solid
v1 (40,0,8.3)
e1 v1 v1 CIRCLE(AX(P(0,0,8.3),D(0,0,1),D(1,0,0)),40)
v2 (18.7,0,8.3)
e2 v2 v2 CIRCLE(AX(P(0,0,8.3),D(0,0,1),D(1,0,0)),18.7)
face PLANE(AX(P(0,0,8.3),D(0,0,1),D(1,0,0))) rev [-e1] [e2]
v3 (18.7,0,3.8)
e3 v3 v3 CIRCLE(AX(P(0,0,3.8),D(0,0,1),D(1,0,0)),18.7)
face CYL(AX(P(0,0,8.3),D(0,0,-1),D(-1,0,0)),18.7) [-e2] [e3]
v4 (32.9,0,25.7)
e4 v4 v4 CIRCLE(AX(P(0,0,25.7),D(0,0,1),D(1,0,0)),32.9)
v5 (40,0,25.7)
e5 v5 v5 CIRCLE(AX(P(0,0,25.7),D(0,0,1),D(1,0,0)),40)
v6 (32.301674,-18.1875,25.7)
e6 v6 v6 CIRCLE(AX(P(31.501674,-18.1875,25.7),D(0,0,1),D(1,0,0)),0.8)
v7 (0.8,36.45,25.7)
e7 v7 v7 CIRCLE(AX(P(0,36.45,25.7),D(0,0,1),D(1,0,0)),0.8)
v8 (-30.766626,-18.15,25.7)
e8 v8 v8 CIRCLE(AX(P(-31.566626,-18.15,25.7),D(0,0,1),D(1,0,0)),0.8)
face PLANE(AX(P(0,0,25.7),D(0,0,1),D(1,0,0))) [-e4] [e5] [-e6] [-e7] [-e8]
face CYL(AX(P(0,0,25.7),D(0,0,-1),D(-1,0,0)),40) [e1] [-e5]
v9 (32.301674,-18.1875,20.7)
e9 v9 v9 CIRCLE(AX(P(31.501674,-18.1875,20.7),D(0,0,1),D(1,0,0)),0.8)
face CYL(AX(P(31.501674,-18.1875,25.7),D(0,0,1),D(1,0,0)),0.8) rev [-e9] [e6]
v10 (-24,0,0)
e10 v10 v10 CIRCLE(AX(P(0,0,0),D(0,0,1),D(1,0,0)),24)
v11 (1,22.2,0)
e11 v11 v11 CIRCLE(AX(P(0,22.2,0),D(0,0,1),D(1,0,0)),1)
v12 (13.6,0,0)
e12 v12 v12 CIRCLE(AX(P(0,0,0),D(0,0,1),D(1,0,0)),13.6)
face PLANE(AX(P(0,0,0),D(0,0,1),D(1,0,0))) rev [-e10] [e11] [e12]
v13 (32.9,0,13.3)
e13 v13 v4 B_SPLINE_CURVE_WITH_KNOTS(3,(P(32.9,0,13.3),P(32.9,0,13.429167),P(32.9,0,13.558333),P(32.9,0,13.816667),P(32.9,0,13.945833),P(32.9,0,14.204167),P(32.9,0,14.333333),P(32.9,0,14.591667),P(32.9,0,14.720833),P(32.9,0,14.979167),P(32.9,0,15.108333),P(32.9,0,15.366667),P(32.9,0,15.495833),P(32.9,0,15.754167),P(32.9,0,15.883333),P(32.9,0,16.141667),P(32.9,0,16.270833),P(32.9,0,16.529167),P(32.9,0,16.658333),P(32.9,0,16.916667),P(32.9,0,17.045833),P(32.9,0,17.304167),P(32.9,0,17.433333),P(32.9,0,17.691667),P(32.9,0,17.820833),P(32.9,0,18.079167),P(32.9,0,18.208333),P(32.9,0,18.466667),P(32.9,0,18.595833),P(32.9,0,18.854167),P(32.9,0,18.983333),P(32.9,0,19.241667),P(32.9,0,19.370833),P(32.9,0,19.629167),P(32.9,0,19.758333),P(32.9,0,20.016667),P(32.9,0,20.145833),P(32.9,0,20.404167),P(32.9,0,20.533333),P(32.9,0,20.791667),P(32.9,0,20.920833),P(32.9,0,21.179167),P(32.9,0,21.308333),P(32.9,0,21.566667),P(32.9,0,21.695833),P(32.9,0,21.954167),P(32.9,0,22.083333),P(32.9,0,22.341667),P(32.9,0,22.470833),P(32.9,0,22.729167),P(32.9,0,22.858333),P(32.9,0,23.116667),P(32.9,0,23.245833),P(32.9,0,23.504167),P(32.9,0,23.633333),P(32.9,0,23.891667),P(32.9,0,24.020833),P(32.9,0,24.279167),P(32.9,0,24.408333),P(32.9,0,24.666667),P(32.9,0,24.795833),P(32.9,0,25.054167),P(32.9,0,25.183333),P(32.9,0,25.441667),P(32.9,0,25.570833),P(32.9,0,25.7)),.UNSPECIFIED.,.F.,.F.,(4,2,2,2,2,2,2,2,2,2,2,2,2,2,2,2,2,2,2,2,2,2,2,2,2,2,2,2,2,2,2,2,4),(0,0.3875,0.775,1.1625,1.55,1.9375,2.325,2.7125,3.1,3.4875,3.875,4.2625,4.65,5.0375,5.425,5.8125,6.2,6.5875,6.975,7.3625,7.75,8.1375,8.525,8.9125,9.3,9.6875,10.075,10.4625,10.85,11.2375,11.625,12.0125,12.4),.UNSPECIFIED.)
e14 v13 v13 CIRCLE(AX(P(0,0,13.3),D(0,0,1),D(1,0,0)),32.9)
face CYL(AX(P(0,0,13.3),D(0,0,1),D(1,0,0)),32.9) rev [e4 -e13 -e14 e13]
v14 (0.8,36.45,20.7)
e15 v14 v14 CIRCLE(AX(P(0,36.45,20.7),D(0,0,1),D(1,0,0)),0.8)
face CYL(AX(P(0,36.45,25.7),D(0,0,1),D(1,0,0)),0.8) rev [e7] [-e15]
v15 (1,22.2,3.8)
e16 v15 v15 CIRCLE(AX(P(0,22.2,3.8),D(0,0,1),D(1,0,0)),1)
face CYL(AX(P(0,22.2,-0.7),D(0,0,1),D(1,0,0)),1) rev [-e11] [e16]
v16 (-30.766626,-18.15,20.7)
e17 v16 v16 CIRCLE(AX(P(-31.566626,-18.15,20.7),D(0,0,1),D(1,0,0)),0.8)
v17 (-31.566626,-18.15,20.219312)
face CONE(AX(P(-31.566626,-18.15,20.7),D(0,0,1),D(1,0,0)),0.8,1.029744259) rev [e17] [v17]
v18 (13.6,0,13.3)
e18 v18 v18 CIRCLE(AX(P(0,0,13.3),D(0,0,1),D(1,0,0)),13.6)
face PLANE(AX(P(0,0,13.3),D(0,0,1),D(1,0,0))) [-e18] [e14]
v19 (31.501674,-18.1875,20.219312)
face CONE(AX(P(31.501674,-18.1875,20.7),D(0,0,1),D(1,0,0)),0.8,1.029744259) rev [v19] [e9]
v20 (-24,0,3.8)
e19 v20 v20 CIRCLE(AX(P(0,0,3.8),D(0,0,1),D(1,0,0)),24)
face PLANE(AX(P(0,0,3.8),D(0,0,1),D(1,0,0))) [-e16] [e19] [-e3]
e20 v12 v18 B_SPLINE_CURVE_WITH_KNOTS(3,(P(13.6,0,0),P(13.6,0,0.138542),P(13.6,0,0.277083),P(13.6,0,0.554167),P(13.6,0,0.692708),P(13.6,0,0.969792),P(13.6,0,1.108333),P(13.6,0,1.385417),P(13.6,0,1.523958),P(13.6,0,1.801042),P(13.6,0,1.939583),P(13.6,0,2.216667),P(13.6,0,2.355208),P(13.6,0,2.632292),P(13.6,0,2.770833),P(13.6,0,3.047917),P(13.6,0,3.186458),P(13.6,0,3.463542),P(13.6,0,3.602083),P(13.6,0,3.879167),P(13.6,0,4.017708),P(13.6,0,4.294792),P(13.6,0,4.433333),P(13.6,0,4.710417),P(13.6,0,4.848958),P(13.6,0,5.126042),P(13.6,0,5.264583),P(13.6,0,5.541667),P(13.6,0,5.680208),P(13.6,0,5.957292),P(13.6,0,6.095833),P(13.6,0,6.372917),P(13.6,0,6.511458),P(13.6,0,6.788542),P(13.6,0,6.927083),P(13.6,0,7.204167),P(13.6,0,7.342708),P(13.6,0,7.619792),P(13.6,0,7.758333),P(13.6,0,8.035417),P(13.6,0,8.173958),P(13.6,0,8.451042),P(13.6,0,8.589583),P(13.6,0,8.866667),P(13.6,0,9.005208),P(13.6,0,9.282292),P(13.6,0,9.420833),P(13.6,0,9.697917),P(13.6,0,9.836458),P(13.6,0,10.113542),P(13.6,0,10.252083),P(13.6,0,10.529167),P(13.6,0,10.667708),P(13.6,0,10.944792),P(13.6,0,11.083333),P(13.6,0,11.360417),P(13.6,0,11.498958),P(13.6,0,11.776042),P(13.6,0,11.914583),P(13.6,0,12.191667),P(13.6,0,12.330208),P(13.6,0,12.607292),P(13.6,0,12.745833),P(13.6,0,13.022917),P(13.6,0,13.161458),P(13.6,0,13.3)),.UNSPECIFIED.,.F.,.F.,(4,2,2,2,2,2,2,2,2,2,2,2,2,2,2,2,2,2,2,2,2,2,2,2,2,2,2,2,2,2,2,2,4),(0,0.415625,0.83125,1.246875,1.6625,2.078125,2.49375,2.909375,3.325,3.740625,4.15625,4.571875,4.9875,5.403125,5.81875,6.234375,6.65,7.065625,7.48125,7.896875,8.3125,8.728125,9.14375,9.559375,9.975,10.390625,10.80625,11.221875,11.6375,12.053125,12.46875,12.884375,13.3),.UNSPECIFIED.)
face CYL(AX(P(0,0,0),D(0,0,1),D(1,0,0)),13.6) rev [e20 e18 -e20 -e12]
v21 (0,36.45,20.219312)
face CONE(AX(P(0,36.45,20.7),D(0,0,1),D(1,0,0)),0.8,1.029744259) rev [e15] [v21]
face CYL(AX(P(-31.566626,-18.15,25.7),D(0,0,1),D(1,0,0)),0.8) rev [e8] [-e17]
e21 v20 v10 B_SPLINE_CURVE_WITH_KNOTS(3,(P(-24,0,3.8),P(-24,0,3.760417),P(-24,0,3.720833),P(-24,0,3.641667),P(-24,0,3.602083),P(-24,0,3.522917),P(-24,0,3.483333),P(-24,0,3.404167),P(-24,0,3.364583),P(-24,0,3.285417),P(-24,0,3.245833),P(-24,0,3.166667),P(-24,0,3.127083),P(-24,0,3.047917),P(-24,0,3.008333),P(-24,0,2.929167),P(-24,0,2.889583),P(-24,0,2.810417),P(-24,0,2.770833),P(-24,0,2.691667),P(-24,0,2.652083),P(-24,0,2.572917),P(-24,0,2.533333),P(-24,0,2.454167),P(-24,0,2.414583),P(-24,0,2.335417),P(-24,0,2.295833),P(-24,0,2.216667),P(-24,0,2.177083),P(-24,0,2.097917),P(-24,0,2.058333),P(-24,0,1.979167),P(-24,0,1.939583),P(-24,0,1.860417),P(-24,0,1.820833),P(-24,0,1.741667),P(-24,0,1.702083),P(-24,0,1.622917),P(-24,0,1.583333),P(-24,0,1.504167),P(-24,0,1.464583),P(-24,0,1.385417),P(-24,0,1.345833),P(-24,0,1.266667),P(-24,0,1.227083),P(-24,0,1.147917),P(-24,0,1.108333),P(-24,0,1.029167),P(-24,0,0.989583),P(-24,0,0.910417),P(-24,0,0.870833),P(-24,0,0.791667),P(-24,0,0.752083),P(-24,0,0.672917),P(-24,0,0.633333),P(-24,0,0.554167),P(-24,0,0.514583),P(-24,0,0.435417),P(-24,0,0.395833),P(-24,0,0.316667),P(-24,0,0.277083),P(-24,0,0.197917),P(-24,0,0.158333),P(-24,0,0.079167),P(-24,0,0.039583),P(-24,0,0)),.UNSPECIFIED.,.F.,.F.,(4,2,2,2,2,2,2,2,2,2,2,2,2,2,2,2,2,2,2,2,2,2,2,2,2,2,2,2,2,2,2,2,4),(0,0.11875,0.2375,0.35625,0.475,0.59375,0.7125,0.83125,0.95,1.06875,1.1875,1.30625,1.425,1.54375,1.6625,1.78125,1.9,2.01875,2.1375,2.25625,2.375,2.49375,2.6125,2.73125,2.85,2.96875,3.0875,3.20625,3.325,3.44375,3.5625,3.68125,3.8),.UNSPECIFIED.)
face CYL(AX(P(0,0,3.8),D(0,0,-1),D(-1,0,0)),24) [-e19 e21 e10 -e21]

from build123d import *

# Parameters (mm, degrees)
SKETCH1_R                 = 24
BOSS_EXTRUDE1_DEPTH       = 3.8
SKETCH2_R                 = 18.7
BOSS_EXTRUDE2_DEPTH       = 4.5
SKETCH3_R                 = 1
CUT_EXTRUDE1_DEPTH        = 4.5
SKETCH4_R                 = 13.6
CUT_EXTRUDE2_DEPTH        = 35.941236383
SKETCH5_R                 = 40
BOSS_EXTRUDE3_DEPTH       = 17.4
SKETCH6_R                 = 32.9
CUT_EXTRUDE6_DEPTH        = 12.4
CUT_EXTRUDE7_START        = -12.4
SKETCH7_R                 = 13.6
CUT_EXTRUDE7_DEPTH        = 12.4
M2X0_4_TAPPED_HOLE1_D     = 1.6
M2X0_4_TAPPED_HOLE1_DEPTH = 5
M2X0_4_TAPPED_HOLE1_TIP   = 0.480688495


with BuildPart() as part:
    # Sketch1 → Boss-Extrude1 (new body)
    with BuildSketch(Plane.XY):
        with Locations(Location((0, 0, 0), (0, 0, 180))):
            Circle(SKETCH1_R)
    extrude(amount=BOSS_EXTRUDE1_DEPTH)

    # Sketch2 → Boss-Extrude2 (add)
    with BuildSketch(Plane.XY.offset(3.8)):
        Circle(SKETCH2_R)
    extrude(amount=BOSS_EXTRUDE2_DEPTH)

    # Sketch3 → Cut-Extrude1 (cut)
    with BuildSketch(Plane.XY.offset(3.8)):
        with Locations((0, 22.2)):
            Circle(SKETCH3_R)
    extrude(amount=-CUT_EXTRUDE1_DEPTH, mode=Mode.SUBTRACT)

    # Sketch4 → Cut-Extrude2 (cut, through all)
    with BuildSketch(Plane.XY.offset(8.3)):
        Circle(SKETCH4_R)
    extrude(amount=-CUT_EXTRUDE2_DEPTH, mode=Mode.SUBTRACT)

    # Sketch5 → Boss-Extrude3 (add)
    with BuildSketch(Plane.XY.offset(8.3)):
        Circle(SKETCH5_R)
    extrude(amount=BOSS_EXTRUDE3_DEPTH)

    # Sketch6 → Cut-Extrude6 (cut)
    with BuildSketch(Plane.XY.offset(25.7)):
        Circle(SKETCH6_R)
    extrude(amount=-CUT_EXTRUDE6_DEPTH, mode=Mode.SUBTRACT)

    # Sketch7 → Cut-Extrude7 (cut)
    with BuildSketch(Plane(origin=(0, 0, 8.3), x_dir=(-1, 0, 0), z_dir=(0, 0, -1)).offset(CUT_EXTRUDE7_START)):
        with Locations(Location((0, 0, 0), (0, 0, 180))):
            Circle(SKETCH7_R)
    extrude(amount=CUT_EXTRUDE7_DEPTH, mode=Mode.SUBTRACT)

    # M2x0.4 Tapped Hole1
    with Locations(Plane(origin=(0, 36.45, 25.7), x_dir=(1, 0, 0), z_dir=(0, 0, 1))):
        with Locations((0, 0), (-31.566625968, -54.6), (31.501674063, -54.6375)):
            Hole(M2X0_4_TAPPED_HOLE1_D / 2, depth=M2X0_4_TAPPED_HOLE1_DEPTH)
            with Locations((0, 0, -(M2X0_4_TAPPED_HOLE1_DEPTH + M2X0_4_TAPPED_HOLE1_TIP / 2))):  # 118° drill point
                Cone(0, M2X0_4_TAPPED_HOLE1_D / 2, M2X0_4_TAPPED_HOLE1_TIP, mode=Mode.SUBTRACT)


solid = part.part
